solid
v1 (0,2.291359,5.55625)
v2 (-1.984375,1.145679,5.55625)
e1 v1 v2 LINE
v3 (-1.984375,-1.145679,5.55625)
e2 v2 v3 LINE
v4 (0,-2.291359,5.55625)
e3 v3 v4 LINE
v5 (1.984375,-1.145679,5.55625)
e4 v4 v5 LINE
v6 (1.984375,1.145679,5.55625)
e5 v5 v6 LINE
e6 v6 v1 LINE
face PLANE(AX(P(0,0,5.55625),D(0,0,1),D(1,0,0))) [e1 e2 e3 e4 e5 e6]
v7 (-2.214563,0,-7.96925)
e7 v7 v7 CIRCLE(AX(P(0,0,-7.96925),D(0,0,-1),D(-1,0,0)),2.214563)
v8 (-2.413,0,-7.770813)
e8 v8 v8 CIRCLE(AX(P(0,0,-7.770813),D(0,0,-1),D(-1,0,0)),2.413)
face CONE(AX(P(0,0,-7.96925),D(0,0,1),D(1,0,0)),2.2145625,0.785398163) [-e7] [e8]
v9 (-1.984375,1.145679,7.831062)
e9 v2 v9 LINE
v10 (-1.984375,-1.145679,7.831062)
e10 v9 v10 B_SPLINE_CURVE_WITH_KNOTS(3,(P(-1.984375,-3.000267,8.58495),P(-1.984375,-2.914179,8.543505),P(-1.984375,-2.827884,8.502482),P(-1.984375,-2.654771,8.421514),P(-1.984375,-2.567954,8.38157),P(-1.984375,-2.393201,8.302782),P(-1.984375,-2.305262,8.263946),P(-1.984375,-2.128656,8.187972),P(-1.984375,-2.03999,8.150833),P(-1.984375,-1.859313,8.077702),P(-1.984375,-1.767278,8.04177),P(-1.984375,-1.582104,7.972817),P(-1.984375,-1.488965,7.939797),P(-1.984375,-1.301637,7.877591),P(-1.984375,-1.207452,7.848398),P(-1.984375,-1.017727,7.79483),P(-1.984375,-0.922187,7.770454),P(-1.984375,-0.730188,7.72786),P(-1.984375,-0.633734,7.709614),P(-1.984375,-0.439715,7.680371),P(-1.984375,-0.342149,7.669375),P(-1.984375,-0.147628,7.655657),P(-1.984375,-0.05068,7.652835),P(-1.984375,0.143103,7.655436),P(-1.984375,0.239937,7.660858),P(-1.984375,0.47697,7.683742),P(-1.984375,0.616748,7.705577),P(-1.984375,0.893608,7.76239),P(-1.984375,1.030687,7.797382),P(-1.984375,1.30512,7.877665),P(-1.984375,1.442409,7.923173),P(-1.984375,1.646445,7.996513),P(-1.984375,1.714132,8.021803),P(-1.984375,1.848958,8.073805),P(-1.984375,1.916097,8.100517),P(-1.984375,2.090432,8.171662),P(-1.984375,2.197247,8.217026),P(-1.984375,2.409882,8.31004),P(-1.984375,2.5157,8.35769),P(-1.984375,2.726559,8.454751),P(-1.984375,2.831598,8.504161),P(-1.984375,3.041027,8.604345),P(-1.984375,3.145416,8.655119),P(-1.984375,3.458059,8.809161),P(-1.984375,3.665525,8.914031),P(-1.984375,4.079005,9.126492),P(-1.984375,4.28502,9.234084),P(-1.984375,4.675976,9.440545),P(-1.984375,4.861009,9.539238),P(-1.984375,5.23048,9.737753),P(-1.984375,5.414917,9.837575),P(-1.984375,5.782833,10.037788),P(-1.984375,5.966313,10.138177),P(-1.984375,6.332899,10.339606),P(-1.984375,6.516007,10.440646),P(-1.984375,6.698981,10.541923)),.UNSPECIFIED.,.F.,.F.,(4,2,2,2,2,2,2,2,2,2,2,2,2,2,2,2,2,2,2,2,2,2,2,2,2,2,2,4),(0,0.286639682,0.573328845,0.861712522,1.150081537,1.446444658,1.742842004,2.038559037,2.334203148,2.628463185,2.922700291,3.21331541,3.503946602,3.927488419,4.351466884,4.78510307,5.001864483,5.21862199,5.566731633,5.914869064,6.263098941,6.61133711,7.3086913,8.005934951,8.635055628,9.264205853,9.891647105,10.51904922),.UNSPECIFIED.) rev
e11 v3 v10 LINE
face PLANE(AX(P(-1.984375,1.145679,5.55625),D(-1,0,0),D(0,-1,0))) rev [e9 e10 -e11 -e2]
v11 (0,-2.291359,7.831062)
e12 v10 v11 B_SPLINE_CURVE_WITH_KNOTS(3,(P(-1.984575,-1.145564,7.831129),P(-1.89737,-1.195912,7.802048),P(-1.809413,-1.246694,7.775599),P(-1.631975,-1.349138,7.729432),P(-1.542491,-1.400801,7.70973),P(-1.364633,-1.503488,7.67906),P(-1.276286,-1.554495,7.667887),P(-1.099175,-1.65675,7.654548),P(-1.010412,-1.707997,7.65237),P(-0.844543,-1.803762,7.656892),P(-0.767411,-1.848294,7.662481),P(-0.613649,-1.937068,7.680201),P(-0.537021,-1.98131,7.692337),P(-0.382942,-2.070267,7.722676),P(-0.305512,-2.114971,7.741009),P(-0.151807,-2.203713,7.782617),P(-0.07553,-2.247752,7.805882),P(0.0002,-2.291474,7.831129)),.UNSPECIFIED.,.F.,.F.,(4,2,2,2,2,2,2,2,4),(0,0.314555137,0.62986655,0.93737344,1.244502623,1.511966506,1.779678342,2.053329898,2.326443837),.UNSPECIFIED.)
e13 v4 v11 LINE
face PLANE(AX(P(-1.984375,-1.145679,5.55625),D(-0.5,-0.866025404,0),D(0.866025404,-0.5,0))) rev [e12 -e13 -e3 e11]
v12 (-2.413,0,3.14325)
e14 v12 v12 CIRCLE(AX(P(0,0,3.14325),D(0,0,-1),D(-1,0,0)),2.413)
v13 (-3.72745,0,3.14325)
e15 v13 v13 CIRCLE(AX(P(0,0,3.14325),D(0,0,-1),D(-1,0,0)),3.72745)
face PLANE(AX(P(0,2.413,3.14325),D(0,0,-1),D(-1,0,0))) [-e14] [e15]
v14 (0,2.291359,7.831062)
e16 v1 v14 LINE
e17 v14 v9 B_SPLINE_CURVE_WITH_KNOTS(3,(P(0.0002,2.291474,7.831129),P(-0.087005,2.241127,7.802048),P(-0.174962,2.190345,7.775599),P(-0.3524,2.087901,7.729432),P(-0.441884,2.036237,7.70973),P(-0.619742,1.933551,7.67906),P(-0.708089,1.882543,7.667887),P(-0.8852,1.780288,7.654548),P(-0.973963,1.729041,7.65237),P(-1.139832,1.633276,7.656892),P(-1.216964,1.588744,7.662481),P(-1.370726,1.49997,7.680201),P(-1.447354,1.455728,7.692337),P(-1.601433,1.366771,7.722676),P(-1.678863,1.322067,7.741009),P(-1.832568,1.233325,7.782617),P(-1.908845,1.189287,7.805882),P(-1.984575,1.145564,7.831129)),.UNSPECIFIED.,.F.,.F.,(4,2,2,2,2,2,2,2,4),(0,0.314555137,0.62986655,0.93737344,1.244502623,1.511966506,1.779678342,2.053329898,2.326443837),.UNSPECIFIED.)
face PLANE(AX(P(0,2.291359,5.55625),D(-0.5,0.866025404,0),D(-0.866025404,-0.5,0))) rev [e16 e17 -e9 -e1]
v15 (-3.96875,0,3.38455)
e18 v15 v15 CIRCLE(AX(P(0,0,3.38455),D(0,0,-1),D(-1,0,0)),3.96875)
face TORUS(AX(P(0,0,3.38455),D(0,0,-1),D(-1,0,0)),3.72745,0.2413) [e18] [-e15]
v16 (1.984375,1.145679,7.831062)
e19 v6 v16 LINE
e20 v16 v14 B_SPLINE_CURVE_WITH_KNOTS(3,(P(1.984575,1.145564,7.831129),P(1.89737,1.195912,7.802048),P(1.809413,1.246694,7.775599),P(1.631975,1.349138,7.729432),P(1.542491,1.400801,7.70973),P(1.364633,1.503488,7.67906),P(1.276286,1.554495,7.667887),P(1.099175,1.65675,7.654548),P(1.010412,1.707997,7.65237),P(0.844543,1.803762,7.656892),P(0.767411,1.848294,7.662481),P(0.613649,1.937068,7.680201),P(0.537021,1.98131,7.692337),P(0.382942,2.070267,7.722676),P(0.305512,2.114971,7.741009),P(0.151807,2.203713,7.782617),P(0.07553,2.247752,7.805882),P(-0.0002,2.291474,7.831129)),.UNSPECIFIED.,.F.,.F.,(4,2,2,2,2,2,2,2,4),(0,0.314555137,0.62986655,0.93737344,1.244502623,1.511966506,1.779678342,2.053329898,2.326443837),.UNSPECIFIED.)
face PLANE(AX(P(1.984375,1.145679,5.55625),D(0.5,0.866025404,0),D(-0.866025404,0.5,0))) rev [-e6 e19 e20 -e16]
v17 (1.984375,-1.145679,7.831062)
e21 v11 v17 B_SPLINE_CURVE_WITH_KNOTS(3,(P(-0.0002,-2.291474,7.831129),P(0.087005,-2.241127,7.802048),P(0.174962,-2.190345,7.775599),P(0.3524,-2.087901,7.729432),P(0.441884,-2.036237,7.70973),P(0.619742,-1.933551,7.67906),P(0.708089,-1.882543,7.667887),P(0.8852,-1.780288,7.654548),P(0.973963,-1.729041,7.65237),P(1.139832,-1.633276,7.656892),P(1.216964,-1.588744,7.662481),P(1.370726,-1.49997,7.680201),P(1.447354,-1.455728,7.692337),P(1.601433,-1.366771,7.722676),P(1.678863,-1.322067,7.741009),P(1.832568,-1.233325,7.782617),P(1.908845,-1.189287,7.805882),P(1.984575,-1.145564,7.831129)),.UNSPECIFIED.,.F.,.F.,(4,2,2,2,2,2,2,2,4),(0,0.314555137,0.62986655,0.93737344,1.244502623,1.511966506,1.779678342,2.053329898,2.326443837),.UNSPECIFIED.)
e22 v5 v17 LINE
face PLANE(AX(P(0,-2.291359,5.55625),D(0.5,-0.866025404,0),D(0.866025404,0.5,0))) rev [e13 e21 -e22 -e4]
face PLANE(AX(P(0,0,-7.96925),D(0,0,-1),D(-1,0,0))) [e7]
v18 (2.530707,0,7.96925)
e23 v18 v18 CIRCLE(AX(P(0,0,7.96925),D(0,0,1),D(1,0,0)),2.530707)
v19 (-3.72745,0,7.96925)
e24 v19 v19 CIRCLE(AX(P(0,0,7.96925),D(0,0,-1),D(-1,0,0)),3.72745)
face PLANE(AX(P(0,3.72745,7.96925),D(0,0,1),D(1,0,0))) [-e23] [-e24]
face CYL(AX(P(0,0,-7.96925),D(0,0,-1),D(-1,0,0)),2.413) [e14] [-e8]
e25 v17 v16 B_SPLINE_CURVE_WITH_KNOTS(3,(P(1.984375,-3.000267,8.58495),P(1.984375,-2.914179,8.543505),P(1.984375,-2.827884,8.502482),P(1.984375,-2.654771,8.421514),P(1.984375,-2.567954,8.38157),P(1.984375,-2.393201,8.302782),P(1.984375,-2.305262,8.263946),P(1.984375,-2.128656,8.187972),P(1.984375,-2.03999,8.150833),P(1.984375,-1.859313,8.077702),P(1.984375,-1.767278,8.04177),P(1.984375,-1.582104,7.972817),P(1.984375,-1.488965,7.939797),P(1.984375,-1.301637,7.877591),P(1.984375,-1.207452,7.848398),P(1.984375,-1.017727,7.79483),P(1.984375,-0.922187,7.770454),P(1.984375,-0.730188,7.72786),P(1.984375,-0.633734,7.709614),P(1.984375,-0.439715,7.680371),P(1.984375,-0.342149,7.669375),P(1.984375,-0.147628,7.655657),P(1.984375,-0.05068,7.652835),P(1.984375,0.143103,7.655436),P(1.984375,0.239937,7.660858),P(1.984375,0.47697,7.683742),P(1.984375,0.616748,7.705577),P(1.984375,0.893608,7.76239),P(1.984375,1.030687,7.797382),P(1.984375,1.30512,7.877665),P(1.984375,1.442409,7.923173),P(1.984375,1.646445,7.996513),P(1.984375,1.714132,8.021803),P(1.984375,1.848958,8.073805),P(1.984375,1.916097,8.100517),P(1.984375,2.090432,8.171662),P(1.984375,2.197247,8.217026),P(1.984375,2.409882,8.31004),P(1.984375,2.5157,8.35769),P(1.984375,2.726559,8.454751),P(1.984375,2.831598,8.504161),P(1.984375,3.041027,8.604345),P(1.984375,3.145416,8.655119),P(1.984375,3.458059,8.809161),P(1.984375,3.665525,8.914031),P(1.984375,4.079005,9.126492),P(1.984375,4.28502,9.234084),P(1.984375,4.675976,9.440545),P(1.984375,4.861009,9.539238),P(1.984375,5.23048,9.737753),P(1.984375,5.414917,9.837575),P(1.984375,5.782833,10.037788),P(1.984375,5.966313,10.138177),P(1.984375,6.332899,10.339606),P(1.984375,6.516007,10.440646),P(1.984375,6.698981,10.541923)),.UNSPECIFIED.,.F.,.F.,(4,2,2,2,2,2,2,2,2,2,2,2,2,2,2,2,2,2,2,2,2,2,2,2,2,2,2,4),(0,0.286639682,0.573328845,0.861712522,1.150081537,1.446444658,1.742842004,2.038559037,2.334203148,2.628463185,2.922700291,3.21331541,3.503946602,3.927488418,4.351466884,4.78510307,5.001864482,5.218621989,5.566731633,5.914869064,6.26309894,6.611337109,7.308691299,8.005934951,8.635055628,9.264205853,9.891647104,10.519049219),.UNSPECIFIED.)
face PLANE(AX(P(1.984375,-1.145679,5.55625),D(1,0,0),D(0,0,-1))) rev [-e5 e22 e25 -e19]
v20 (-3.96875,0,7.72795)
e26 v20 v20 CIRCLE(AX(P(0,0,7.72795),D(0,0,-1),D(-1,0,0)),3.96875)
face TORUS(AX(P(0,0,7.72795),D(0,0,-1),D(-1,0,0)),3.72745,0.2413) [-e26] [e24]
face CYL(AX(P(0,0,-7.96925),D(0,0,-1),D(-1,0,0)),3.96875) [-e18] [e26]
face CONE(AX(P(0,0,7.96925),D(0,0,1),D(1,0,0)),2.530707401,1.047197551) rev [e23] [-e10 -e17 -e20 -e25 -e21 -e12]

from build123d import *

# Parameters (mm, degrees)
CUT_EXTRUDE1_START = 7.96925
CUT_EXTRUDE1_DEPTH = 2.413


with BuildPart() as part:
    # Sketch2 → Revolve1 (revolve)
    with BuildSketch(Plane(origin=(0, 0, 0), x_dir=(0, 0, -1), z_dir=(1, 0, 0)), mode=Mode.PRIVATE) as revolve1_sk:
        with BuildLine():
            Line((7.96925, 0), (7.96925, 2.2145625))
            Line((7.96925, 2.2145625), (7.7708125, 2.413))
            Line((7.7708125, 2.413), (-3.14325, 2.413))
            Line((-3.14325, 2.413), (-3.14325, 3.72745))
            ThreePointArc((-3.14325, 3.72745), (-3.213925134, 3.898074866), (-3.38455, 3.96875))
            Line((-3.38455, 3.96875), (-7.72795, 3.96875))
            ThreePointArc((-7.72795, 3.96875), (-7.898574866, 3.898074866), (-7.96925, 3.72745))
            Line((-7.96925, 3.72745), (-7.96925, 0))
            Line((-7.96925, 0), (7.96925, 0))
        make_face()
    revolve(revolve1_sk.sketch.rotate(Axis((0, 0, -7.96925), (0, 0, 1)), 90), axis=Axis((0, 0, -7.96925), (0, 0, 1)))

    # Sketch3 → Cut-Extrude1 (cut)
    with BuildSketch(Plane.XY.offset(CUT_EXTRUDE1_START)):
        Polygon((-1.984375, 1.14567944), (-1.984375, -1.14567944), (0, -2.291358881), (1.984375, -1.14567944), (1.984375, 1.14567944), (0, 2.291358881), align=None)
    extrude(amount=-CUT_EXTRUDE1_DEPTH, mode=Mode.SUBTRACT)

    # Cut-Extrude2 cone 1 section (through the dimple's axis) → Cut-Extrude2 (revolve, cut)
    with BuildSketch(Plane(origin=(0, 0, 7.96925), x_dir=(0, -1, 0), z_dir=(1, 0, 0))):
        Polygon((0, 0), (2.530707401, 0), (0, 1.461104599), align=None)
    revolve(axis=Axis((0, 0, 7.96925), (0, 0, -1)), mode=Mode.SUBTRACT)


solid = part.part
